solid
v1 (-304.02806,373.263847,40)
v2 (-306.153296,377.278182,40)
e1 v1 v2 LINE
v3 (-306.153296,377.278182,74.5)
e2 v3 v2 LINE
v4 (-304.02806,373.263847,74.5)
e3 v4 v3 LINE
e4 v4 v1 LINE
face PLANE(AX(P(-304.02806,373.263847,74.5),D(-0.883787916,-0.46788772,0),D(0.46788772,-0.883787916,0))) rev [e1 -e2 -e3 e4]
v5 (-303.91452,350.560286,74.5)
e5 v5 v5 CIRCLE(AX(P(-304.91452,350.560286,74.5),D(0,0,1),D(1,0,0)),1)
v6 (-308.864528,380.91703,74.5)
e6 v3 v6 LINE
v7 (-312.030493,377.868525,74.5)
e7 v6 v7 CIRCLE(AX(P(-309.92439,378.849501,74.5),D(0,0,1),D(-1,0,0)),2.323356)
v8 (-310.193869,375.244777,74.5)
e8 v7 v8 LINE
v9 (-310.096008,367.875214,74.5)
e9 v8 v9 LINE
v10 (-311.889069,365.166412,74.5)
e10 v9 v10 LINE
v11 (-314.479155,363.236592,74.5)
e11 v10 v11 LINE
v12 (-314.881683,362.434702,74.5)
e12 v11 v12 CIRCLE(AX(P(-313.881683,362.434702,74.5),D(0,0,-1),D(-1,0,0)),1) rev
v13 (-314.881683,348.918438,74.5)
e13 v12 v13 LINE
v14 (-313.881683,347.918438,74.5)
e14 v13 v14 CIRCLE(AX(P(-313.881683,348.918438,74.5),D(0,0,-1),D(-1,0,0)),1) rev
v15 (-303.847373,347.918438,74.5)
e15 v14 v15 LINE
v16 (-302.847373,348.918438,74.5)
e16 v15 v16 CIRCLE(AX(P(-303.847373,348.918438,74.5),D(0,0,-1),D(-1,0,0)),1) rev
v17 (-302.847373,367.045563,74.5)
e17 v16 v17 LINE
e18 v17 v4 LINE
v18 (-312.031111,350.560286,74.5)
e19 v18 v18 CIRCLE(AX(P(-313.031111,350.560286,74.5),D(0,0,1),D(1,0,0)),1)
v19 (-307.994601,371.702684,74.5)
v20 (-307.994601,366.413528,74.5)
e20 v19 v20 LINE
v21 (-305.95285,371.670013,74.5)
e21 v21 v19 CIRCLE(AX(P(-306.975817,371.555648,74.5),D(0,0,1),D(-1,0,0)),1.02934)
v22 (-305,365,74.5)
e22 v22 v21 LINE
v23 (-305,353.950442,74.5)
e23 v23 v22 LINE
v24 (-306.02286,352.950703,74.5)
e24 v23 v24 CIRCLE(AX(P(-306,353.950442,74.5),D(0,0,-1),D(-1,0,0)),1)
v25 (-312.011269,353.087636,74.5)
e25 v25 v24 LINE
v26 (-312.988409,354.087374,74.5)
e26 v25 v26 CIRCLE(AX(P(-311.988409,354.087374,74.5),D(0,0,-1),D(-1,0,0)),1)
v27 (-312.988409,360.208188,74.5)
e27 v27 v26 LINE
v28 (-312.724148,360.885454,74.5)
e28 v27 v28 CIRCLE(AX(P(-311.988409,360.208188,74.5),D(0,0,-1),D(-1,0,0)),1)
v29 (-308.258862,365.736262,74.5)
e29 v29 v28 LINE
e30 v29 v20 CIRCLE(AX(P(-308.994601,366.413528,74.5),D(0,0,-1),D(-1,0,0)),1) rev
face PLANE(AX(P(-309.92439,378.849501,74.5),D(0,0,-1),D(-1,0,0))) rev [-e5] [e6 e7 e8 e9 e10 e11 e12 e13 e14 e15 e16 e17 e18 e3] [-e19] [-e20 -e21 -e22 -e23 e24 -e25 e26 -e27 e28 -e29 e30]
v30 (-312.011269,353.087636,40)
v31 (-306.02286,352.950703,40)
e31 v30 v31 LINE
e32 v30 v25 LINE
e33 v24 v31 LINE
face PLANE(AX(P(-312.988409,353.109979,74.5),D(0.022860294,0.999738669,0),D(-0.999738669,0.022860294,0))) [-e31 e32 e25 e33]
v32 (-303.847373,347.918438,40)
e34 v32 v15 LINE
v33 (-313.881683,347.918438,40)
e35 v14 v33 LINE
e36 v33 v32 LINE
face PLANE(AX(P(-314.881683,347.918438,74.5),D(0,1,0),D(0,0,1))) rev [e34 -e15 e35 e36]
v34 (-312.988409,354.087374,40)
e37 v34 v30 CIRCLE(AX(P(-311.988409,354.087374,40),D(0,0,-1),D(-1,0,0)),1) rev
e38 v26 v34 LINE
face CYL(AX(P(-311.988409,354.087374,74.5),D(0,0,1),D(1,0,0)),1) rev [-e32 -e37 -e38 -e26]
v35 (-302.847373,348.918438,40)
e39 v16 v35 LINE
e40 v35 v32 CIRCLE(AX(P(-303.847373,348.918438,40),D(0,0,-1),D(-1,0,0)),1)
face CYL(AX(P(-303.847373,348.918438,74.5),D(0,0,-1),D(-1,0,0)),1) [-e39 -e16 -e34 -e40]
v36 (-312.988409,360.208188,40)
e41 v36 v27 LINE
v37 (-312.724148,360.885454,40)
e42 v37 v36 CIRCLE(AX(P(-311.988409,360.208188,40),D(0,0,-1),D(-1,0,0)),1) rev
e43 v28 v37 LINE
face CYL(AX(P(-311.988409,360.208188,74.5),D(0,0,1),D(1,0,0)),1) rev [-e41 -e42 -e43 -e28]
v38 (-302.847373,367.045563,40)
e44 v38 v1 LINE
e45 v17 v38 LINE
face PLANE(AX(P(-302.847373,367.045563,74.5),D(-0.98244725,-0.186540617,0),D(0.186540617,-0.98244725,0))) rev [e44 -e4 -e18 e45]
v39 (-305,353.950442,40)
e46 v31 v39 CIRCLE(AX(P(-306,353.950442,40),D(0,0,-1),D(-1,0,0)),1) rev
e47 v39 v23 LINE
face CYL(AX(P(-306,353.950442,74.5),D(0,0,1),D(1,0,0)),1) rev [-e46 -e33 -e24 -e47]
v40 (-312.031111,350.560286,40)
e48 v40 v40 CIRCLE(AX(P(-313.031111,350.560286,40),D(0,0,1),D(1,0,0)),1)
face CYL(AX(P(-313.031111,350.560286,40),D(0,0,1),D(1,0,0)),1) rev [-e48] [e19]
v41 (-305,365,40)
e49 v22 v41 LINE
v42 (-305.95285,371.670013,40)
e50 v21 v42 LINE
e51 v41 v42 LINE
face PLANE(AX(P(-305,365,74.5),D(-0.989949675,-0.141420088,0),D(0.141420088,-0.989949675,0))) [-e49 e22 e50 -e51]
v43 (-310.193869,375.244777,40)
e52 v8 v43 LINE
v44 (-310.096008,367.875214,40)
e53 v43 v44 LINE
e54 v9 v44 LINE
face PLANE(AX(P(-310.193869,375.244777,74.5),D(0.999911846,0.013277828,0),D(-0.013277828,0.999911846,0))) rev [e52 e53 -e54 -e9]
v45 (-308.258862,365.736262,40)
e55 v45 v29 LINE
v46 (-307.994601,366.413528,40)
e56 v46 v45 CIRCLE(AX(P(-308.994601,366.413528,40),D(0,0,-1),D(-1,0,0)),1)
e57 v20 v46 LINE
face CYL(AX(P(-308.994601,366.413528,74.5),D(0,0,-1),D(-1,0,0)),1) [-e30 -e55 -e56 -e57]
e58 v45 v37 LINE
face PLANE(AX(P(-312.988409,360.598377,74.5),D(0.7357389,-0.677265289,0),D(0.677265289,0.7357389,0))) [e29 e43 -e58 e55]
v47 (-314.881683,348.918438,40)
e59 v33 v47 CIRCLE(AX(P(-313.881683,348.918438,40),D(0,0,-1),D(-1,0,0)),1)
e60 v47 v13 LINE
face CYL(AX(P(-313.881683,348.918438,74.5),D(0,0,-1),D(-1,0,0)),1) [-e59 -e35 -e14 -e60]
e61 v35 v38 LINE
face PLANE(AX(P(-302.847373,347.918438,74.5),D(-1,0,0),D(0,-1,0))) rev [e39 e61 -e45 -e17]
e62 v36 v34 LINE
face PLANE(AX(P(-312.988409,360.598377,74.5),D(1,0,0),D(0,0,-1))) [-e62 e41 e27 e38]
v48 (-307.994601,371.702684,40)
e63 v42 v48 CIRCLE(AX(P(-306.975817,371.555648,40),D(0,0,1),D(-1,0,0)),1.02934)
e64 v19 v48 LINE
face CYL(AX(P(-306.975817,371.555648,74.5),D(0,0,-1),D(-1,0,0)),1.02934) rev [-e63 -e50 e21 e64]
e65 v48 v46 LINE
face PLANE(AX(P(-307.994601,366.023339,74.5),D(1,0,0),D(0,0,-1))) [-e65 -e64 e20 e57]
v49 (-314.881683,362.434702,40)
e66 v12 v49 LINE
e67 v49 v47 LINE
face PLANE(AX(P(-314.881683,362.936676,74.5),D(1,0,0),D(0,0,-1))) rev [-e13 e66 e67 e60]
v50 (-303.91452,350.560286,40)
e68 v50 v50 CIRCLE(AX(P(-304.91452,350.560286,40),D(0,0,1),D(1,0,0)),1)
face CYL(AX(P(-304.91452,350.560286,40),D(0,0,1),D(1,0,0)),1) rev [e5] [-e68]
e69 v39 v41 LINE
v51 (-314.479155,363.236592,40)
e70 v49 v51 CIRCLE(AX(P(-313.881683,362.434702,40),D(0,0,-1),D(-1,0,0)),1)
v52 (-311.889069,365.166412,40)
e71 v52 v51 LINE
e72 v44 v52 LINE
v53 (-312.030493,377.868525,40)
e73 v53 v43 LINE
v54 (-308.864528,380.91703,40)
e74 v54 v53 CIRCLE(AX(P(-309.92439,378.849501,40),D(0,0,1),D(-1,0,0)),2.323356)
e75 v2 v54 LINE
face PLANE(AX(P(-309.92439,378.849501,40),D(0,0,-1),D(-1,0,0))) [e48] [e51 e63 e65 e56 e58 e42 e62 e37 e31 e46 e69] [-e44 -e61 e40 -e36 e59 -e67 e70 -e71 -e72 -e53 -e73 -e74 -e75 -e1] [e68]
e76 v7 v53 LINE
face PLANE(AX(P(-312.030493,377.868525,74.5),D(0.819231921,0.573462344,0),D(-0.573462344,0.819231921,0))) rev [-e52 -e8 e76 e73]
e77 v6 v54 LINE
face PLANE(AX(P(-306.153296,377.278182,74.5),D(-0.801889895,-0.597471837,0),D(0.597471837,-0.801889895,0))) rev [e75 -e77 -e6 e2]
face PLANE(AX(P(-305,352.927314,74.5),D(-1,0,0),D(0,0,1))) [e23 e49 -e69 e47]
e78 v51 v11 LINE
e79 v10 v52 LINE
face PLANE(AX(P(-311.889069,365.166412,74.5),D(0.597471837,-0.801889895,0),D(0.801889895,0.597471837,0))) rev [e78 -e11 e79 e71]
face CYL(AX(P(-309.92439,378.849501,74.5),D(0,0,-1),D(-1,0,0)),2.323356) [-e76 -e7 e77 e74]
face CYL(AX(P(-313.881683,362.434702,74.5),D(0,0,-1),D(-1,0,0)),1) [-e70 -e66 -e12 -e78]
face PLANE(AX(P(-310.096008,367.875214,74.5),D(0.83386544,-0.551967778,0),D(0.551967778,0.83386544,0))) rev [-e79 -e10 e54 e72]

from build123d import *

# Parameters (mm, degrees)
BOSS_EXTRUDE1_DEPTH = 34.5
FILLET1_R           = 1
SKETCH2_R           = 1
CUT_EXTRUDE1_DEPTH  = 496.614236654


with BuildPart() as part:
    # Sketch1 → Boss-Extrude1 (new body)
    with BuildSketch(Plane.XY.offset(40)):
        with BuildLine():
            Line((-312.030492528, 377.868524993), (-310.193868717, 375.244776692))
            Line((-310.193868717, 375.244776692), (-310.096008301, 367.875213623))
            Line((-310.096008301, 367.875213623), (-311.889068604, 365.166412354))
            Line((-311.889068604, 365.166412354), (-314.88168335, 362.936676025))
            Line((-314.88168335, 362.936676025), (-314.88168335, 347.918438133))
            Line((-314.88168335, 347.918438133), (-302.847373473, 347.918438133))
            Line((-302.847373473, 347.918438133), (-302.847373473, 367.04556325))
            Line((-302.847373473, 367.04556325), (-304.028060208, 373.263846724))
            Line((-304.028060208, 373.263846724), (-306.153296332, 377.278181625))
            Line((-306.153296332, 377.278181625), (-308.864528411, 380.917030307))
            ThreePointArc((-308.864528411, 380.917030307), (-311.535911341, 380.523114569), (-312.030492528, 377.868524993))
        make_face()
        with BuildLine():
            Line((-312.988408734, 360.598376943), (-312.988408734, 353.109979303))
            Line((-312.988408734, 353.109979303), (-305, 352.927314193))
            Line((-305, 352.927314193), (-305, 365))
            Line((-305, 365), (-305.952850342, 371.670013428))
            ThreePointArc((-305.952850342, 371.670013428), (-306.959348498, 372.584855641), (-307.99460106, 371.702683918))
            Line((-307.99460106, 371.702683918), (-307.99460106, 366.023339102))
            Line((-307.99460106, 366.023339102), (-312.988408734, 360.598376943))
        make_face(mode=Mode.SUBTRACT)
    extrude(amount=BOSS_EXTRUDE1_DEPTH)

    # Fillet1
    fillet1_edges = [part.edges().sort_by_distance(p)[0] for p in [
        (-302.847373473, 347.918438133, 57.25),
        (-314.88168335, 347.918438133, 57.25),
        (-314.88168335, 362.936676025, 57.25),
        (-307.99460106, 366.023339102, 57.25),
        (-312.988408734, 360.598376943, 57.25),
        (-312.988408734, 353.109979303, 57.25),
        (-305, 352.927314193, 57.25),
    ]]
    fillet(fillet1_edges, radius=FILLET1_R)

    # Sketch2 → Cut-Extrude1 (cut, through all)
    with BuildSketch(Plane.XY.offset(74.5)):
        with Locations((-313.031111026, 350.560286037)):
            Circle(SKETCH2_R)
        with Locations((-304.91451991, 350.560286037)):
            Circle(SKETCH2_R)
    extrude(amount=-CUT_EXTRUDE1_DEPTH, mode=Mode.SUBTRACT)


solid = part.part
